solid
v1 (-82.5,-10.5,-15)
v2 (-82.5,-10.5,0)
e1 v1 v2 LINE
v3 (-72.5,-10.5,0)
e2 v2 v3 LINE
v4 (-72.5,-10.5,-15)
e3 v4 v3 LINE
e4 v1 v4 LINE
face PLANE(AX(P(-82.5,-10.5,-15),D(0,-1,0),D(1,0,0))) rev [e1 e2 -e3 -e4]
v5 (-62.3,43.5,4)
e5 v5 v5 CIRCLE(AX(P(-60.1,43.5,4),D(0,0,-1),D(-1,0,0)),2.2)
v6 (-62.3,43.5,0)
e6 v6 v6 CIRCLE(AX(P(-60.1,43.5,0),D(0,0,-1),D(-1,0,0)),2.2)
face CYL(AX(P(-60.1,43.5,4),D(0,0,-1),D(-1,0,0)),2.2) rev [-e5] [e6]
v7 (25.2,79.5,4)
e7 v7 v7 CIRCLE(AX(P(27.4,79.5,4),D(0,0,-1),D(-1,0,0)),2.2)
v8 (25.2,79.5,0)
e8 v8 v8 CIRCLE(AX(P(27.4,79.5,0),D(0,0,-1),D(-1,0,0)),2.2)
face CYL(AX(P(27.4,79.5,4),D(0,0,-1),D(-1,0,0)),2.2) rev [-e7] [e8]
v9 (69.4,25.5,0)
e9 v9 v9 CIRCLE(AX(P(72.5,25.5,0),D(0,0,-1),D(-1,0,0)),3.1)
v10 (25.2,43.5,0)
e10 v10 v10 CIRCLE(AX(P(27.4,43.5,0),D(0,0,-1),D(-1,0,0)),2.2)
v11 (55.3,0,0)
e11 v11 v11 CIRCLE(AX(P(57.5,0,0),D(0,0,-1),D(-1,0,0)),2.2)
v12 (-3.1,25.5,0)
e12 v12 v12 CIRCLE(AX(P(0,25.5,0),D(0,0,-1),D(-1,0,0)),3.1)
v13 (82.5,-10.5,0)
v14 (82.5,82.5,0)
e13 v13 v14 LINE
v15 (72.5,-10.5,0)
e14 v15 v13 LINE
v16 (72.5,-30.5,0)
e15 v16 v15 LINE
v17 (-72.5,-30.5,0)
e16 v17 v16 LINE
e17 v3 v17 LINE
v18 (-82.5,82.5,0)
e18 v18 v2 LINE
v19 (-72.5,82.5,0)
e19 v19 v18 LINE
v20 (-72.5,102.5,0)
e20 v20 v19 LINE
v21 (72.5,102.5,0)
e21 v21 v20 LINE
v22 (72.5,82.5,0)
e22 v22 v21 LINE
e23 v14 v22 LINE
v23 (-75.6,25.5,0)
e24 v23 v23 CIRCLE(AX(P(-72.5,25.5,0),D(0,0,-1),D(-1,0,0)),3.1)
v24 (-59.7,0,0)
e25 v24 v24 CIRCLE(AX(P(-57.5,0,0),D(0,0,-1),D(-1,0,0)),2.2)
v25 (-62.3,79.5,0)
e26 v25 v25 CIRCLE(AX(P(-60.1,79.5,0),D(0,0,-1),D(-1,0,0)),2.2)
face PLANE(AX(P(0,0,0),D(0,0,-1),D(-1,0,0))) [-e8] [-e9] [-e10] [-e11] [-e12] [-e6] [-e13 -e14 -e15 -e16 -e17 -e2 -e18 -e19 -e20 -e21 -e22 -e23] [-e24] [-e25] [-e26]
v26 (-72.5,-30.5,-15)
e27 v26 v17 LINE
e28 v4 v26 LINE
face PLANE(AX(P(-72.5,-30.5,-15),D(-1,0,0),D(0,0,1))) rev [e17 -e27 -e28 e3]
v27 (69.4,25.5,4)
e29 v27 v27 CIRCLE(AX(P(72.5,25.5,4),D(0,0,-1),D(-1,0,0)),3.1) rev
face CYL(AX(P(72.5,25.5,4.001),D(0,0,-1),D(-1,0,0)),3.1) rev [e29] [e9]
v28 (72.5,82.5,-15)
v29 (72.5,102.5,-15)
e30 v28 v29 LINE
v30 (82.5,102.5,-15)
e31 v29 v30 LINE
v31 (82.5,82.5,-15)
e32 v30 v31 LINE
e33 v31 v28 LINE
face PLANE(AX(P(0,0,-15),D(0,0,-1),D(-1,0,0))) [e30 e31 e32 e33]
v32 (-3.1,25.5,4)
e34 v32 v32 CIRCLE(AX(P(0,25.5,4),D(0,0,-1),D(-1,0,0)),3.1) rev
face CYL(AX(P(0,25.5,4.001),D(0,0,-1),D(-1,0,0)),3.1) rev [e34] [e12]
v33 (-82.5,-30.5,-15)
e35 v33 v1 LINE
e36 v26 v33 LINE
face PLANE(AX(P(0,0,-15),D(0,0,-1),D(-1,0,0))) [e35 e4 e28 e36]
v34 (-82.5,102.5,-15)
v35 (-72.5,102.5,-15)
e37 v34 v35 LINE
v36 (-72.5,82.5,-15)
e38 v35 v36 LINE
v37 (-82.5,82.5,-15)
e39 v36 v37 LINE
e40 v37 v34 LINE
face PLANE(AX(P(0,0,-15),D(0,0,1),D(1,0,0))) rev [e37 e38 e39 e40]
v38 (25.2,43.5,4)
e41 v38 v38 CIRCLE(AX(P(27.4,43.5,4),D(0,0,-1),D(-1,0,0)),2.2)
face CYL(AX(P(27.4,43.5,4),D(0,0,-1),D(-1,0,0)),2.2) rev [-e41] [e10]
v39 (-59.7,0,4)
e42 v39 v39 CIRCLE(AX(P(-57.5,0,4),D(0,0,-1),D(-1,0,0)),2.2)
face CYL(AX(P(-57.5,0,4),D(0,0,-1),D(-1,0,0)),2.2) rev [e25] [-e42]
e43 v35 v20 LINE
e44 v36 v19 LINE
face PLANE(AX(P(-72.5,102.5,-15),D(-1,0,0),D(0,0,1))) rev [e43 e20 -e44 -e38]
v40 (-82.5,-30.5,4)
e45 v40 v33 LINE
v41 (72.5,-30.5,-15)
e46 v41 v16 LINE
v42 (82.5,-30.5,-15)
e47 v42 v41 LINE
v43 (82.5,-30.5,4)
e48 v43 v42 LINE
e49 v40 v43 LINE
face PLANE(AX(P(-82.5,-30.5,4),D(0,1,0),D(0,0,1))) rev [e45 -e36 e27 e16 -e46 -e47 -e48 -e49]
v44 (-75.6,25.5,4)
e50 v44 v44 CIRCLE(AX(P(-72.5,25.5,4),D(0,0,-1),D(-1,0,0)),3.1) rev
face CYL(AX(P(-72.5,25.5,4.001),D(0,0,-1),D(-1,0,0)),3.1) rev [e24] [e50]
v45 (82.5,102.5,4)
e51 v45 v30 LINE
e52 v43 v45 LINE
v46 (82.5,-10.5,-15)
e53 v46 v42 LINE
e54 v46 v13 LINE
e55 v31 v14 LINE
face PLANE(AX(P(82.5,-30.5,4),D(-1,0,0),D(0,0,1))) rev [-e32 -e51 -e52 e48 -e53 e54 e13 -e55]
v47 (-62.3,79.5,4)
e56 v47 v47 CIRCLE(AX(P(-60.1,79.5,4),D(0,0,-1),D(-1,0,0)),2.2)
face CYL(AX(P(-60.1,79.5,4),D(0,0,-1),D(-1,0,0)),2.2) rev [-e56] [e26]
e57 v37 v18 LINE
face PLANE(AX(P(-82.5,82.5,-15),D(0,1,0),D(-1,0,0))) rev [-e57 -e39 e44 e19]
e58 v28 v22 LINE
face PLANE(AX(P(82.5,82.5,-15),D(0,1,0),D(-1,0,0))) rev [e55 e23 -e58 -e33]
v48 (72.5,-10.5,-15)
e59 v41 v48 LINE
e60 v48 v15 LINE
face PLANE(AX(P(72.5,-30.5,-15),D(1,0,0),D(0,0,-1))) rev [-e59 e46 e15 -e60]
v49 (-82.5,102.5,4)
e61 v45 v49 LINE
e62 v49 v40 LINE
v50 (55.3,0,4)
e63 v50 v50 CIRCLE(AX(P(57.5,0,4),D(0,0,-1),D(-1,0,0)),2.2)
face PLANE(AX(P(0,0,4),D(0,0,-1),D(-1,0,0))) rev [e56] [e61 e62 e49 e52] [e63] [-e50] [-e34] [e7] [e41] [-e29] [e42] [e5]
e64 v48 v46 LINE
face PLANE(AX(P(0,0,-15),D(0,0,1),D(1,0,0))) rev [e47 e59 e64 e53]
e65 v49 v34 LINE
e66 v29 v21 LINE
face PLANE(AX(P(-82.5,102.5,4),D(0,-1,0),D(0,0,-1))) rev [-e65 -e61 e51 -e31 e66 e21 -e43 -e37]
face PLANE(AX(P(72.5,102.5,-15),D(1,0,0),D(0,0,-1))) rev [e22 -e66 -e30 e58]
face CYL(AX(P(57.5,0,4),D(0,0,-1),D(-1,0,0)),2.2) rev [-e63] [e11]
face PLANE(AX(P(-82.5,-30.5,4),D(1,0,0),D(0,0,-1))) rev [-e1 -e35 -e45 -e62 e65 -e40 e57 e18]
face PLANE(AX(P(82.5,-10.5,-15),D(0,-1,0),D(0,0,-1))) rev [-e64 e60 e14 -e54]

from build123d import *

# Parameters (mm, degrees)
SKETCH1_W           = 165
SKETCH1_H           = 133
BOSS_EXTRUDE1_DEPTH = 4
SKETCH2_R           = 2.2
CUT_EXTRUDE1_DEPTH  = 4
SKETCH3_W           = 10
SKETCH3_H           = 20
BOSS_EXTRUDE2_DEPTH = 15
CUT_EXTRUDE2_REACH  = 134.429
SKETCH4_R           = 3.1


with BuildPart() as part:
    # Sketch1 → Boss-Extrude1 (new body)
    with BuildSketch(Plane.XY):
        with Locations((0, 36)):
            Rectangle(SKETCH1_W, SKETCH1_H)
    extrude(amount=BOSS_EXTRUDE1_DEPTH)

    # Sketch2 → Cut-Extrude1 (cut)
    with BuildSketch(Plane(origin=(0, 0, 0), x_dir=(-1, 0, 0), z_dir=(0, 0, -1))):
        with Locations((-27.4, 43.5)):
            Circle(SKETCH2_R)
        with Locations((60.1, 43.5)):
            Circle(SKETCH2_R)
        with Locations((60.1, 79.5)):
            Circle(SKETCH2_R)
        with Locations((-27.4, 79.5)):
            Circle(SKETCH2_R)
        with Locations((57.5, 0)):
            Circle(SKETCH2_R)
        with Locations((-57.5, 0)):
            Circle(SKETCH2_R)
    extrude(amount=-CUT_EXTRUDE1_DEPTH, mode=Mode.SUBTRACT)

    # Sketch3 → Boss-Extrude2 (add)
    with BuildSketch(Plane(origin=(0, 0, 0), x_dir=(-1, 0, 0), z_dir=(0, 0, -1))):
        with Locations((-77.5, -20.5)):
            Rectangle(SKETCH3_W, SKETCH3_H)
        with Locations((-77.5, 92.5)):
            Rectangle(SKETCH3_W, SKETCH3_H)
        with Locations((77.5, -20.5)):
            Rectangle(SKETCH3_W, SKETCH3_H)
        with Locations((77.5, 92.5)):
            Rectangle(SKETCH3_W, SKETCH3_H)
    extrude(amount=BOSS_EXTRUDE2_DEPTH)

    # Sketch4 → Cut-Extrude2 (cut, up to next)
    with BuildSketch(Plane(origin=(0, 0, 0), x_dir=(-1, 0, 0), z_dir=(0, 0, -1)), mode=Mode.PRIVATE) as cut_extrude2_sk1:
        with Locations((-72.5, 25.5)):
            Circle(SKETCH4_R)
    cut_extrude2_tool1 = extrude(cut_extrude2_sk1.sketch, amount=-CUT_EXTRUDE2_REACH, mode=Mode.PRIVATE) & part.part
    # Sketch4 → Cut-Extrude2 (cut, up to next)
    with BuildSketch(Plane(origin=(0, 0, 0), x_dir=(-1, 0, 0), z_dir=(0, 0, -1)), mode=Mode.PRIVATE) as cut_extrude2_sk2:
        with Locations((72.5, 25.5)):
            Circle(SKETCH4_R)
    cut_extrude2_tool2 = extrude(cut_extrude2_sk2.sketch, amount=-CUT_EXTRUDE2_REACH, mode=Mode.PRIVATE) & part.part
    # Sketch4 → Cut-Extrude2 (cut, up to next)
    with BuildSketch(Plane(origin=(0, 0, 0), x_dir=(-1, 0, 0), z_dir=(0, 0, -1)), mode=Mode.PRIVATE) as cut_extrude2_sk3:
        with Locations((0, 25.5)):
            Circle(SKETCH4_R)
    cut_extrude2_tool3 = extrude(cut_extrude2_sk3.sketch, amount=-CUT_EXTRUDE2_REACH, mode=Mode.PRIVATE) & part.part
    add(cut_extrude2_tool1.solids().sort_by_distance((72.5, 25.5, 0))[0], mode=Mode.SUBTRACT)
    add(cut_extrude2_tool2.solids().sort_by_distance((-72.5, 25.5, 0))[0], mode=Mode.SUBTRACT)
    add(cut_extrude2_tool3.solids().sort_by_distance((0, 25.5, 0))[0], mode=Mode.SUBTRACT)


solid = part.part
